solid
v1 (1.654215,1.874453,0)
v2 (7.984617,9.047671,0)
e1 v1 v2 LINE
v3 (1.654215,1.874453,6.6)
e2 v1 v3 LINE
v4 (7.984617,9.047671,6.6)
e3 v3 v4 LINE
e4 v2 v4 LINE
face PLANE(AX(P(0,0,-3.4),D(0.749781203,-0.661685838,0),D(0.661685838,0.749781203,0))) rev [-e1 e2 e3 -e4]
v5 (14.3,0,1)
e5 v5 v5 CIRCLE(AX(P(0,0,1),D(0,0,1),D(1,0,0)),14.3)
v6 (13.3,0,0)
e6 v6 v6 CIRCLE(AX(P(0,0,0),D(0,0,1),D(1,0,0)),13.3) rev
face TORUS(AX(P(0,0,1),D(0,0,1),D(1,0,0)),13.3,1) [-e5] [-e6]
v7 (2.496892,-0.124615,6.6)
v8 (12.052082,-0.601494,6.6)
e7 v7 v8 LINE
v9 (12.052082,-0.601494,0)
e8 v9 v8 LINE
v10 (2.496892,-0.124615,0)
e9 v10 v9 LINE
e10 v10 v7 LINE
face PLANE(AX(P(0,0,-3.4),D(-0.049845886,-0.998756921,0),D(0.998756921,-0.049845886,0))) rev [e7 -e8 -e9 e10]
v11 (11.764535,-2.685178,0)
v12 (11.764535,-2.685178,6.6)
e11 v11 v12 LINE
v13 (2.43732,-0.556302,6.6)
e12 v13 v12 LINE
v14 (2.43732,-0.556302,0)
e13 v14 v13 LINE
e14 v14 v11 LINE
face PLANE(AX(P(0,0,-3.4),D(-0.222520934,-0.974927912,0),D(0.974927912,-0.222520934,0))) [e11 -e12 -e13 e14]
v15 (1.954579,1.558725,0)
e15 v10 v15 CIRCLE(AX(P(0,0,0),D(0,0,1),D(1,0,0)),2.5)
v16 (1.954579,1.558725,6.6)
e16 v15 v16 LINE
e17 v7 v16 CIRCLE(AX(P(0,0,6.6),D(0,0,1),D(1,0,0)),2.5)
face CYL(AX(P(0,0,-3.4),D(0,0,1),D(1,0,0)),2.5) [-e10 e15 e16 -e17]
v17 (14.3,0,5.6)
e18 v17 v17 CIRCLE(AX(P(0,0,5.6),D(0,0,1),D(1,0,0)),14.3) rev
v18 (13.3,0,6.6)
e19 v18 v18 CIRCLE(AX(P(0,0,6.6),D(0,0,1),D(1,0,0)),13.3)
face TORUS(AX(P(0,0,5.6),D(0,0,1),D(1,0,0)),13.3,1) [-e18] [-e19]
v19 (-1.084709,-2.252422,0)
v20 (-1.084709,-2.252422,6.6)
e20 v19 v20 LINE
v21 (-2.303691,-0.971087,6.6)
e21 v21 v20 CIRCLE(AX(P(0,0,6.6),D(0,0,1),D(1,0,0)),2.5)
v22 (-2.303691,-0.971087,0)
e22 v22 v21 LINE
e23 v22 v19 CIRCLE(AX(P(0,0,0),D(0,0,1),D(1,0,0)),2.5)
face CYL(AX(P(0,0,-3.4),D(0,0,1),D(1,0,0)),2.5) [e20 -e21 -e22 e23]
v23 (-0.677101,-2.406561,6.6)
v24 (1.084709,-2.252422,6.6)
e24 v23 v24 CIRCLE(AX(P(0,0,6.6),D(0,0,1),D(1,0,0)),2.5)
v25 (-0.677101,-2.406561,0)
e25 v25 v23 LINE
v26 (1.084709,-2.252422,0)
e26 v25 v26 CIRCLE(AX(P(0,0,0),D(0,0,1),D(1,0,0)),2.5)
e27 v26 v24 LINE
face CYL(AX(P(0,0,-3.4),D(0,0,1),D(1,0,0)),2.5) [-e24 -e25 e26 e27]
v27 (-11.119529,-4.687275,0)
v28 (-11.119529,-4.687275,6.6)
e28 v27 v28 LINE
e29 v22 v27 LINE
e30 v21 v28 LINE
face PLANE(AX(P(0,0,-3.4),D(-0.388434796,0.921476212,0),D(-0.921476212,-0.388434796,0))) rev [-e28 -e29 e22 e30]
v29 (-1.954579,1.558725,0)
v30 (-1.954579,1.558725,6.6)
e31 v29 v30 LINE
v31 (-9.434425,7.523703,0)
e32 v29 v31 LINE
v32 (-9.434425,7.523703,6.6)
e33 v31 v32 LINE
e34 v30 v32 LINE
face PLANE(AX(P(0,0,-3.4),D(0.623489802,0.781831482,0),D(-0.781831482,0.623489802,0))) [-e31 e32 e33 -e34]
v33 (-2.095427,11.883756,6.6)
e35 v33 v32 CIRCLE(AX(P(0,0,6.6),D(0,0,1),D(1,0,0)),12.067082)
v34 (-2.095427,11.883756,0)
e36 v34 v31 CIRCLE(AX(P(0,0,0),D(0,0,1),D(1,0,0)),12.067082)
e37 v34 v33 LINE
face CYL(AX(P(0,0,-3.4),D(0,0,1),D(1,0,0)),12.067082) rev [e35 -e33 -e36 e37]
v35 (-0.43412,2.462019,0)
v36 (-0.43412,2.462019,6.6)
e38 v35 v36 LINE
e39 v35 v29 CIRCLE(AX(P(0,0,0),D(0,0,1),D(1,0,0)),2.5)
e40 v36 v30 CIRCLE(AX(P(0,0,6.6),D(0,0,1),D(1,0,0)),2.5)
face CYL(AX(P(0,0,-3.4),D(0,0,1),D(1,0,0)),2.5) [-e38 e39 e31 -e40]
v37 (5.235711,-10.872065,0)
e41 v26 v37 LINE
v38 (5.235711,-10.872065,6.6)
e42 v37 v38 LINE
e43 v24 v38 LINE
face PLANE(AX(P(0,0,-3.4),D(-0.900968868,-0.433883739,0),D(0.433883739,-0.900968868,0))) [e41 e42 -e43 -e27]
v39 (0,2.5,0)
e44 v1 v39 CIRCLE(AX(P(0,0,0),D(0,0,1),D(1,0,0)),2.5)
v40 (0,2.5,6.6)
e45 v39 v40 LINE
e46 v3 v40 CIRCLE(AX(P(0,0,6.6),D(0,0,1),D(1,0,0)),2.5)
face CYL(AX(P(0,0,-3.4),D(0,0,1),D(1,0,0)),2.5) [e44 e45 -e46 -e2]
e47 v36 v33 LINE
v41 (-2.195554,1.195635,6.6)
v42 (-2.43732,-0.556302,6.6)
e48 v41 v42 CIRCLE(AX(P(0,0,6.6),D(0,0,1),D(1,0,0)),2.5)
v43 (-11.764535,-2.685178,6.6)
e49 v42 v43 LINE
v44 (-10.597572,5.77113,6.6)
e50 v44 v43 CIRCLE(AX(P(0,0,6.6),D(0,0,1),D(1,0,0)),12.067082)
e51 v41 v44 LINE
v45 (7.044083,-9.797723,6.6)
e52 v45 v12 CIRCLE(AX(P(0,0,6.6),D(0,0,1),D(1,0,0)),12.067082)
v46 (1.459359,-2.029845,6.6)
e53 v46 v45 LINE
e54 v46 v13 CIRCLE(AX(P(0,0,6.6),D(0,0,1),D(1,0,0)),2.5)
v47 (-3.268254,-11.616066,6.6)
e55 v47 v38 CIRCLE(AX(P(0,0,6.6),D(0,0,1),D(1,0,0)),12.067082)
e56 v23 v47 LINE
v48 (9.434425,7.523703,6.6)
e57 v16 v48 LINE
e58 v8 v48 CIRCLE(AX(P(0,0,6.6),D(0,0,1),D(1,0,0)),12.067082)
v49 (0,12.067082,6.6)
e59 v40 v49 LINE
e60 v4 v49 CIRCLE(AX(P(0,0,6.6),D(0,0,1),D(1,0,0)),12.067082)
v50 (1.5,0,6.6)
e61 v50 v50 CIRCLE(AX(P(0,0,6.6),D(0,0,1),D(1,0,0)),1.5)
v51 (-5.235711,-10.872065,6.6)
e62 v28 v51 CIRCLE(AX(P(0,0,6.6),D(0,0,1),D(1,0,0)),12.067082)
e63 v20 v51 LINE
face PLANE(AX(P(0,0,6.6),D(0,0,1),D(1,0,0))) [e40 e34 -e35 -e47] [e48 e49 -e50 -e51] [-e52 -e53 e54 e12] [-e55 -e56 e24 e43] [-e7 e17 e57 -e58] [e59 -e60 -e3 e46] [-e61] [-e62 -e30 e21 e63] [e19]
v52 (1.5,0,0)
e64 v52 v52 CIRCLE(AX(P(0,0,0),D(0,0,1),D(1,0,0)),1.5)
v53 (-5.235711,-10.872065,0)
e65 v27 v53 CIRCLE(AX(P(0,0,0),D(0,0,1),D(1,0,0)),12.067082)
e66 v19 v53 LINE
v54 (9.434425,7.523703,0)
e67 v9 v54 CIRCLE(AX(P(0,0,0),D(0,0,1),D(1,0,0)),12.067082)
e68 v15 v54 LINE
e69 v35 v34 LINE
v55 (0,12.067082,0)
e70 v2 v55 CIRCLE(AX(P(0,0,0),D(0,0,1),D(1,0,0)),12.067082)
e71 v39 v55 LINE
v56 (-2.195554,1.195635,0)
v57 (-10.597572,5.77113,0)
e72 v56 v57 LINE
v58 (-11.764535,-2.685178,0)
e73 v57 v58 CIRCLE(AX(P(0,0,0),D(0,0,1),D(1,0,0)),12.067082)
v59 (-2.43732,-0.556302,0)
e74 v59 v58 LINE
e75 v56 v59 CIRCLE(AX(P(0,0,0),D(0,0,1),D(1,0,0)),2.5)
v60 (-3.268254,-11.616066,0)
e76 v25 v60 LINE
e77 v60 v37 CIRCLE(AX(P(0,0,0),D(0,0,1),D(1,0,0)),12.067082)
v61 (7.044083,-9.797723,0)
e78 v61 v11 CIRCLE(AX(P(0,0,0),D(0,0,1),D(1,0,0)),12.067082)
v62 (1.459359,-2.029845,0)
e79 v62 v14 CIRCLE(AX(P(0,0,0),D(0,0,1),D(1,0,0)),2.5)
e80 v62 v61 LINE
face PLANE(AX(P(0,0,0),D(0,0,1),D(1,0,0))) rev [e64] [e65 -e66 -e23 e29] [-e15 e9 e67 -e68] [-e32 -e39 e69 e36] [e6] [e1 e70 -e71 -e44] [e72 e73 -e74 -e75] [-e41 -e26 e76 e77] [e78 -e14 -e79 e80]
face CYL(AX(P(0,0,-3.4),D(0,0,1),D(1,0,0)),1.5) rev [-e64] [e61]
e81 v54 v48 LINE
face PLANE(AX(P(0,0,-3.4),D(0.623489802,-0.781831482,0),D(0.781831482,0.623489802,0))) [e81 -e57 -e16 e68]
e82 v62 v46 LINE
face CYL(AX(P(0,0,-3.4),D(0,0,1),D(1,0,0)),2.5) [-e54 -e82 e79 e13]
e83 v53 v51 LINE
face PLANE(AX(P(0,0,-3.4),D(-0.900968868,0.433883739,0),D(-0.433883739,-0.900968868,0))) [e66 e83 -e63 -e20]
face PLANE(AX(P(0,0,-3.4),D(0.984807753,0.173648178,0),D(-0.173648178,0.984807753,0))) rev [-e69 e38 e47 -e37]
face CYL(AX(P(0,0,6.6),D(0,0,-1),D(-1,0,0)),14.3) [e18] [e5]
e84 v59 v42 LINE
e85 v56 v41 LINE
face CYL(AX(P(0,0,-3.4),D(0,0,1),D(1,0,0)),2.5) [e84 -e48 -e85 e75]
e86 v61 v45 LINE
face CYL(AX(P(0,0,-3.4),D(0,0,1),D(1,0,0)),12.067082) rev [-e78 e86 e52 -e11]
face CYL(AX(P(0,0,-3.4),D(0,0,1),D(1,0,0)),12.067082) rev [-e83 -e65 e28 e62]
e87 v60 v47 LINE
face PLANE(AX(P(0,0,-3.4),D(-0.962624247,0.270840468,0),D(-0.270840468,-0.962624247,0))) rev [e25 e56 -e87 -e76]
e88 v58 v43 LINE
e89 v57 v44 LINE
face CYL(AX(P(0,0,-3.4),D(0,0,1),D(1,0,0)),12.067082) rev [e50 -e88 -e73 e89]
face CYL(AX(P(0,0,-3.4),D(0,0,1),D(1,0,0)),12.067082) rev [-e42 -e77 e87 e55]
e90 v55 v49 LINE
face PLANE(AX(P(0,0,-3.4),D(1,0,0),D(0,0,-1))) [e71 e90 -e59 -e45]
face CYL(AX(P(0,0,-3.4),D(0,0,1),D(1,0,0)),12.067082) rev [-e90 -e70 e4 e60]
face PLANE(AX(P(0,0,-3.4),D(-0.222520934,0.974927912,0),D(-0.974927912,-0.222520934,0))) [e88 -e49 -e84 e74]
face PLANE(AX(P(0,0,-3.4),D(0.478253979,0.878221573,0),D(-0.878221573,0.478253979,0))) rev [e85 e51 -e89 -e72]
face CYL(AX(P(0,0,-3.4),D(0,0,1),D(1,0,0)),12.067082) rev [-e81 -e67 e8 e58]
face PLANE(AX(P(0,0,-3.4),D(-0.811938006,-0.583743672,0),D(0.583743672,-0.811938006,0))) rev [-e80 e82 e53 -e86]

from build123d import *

# Parameters (mm, degrees)
SKETCH1_R           = 14.3
BOSS_EXTRUDE1_DEPTH = 6.6
FILLET1_R           = 1
FILLET2_R           = 1
CUT_EXTRUDE1_DEPTH  = 10
SKETCH3_R           = 1.5
CUT_EXTRUDE2_DEPTH  = 10


with BuildPart() as part:
    # Sketch1 → Boss-Extrude1 (new body)
    with BuildSketch(Plane.XY):
        Circle(SKETCH1_R)
    extrude(amount=BOSS_EXTRUDE1_DEPTH)

    # Fillet1
    fillet1_edges = [part.edges().sort_by_distance(p)[0] for p in [
        (-14.3, 0, 6.6),
    ]]
    fillet(fillet1_edges, radius=FILLET1_R)

    # Fillet2
    fillet2_edges = [part.edges().sort_by_distance(p)[0] for p in [
        (-14.3, 0, 0),
    ]]
    fillet(fillet2_edges, radius=FILLET2_R)

    # Sketch2 → Cut-Extrude1 (cut)
    with BuildSketch(Plane.XY.offset(6.6)):
        with BuildLine():
            ThreePointArc((-1.954578706, 1.558724505), (-1.276893228, 2.149312375), (-0.434120444, 2.462019383))
            Line((-0.434120444, 2.462019383), (-2.095426853, 11.883756218))
            ThreePointArc((-2.095426853, 11.883756218), (-6.163350277, 10.374371736), (-9.434424854, 7.52370276))
            Line((-9.434424854, 7.52370276), (-1.954578706, 1.558724505))
        make_face()
        with BuildLine():
            ThreePointArc((-2.43731978, -0.556302335), (-2.476529986, 0.341759021), (-2.195553933, 1.195634947))
            Line((-2.195553933, 1.195634947), (-10.597572015, 5.771130126))
            ThreePointArc((-10.597572015, 5.771130126), (-11.953796477, 1.649613694), (-11.764535365, -2.685178426))
            Line((-11.764535365, -2.685178426), (-2.43731978, -0.556302335))
        make_face()
        with BuildLine():
            ThreePointArc((-1.084709348, -2.25242217), (-1.811289152, -1.723145846), (-2.30369053, -0.971086991))
            Line((-2.30369053, -0.971086991), (-11.119529298, -4.68727466))
            ThreePointArc((-11.119529298, -4.68727466), (-8.742790117, -8.317337105), (-5.235710794, -10.87206549))
            Line((-5.235710794, -10.87206549), (-1.084709348, -2.25242217))
        make_face()
        with BuildLine():
            Line((5.235710794, -10.87206549), (1.084709348, -2.25242217))
            ThreePointArc((1.084709348, -2.25242217), (0.217889357, -2.490486745), (-0.67710117, -2.406560617))
            Line((-0.67710117, -2.406560617), (-3.268254223, -11.616066024))
            ThreePointArc((-3.268254223, -11.616066024), (1.051715522, -12.021163422), (5.235710794, -10.87206549))
        make_face()
        with BuildLine():
            Line((11.764535365, -2.685178426), (2.43731978, -0.556302335))
            ThreePointArc((2.43731978, -0.556302335), (2.082992736, -1.382440328), (1.459359181, -2.029845014))
            Line((1.459359181, -2.029845014), (7.044082942, -9.797722748))
            ThreePointArc((7.044082942, -9.797722748), (10.054257921, -6.672808494), (11.764535365, -2.685178426))
        make_face()
        with BuildLine():
            Line((9.434424854, 7.52370276), (1.954578706, 1.558724505))
            ThreePointArc((1.954578706, 1.558724505), (2.359708326, 0.825697655), (2.5, 0))
            ThreePointArc((2.5, 0), (2.499222955, -0.062326729), (2.496892303, -0.124614714))
            Line((2.496892303, -0.124614714), (12.052081979, -0.601494405))
            ThreePointArc((12.052081979, -0.601494405), (12.063331646, -0.300840709), (12.067082313, 0))
            ThreePointArc((12.067082313, 0), (11.389917841, 3.985504627), (9.434424854, 7.52370276))
        make_face()
        with BuildLine():
            Line((0, 12.067082313), (0, 2.5))
            ThreePointArc((0, 2.5), (0.884270174, 2.338389672), (1.654214594, 1.874453007))
            Line((1.654214594, 1.874453007), (7.984617468, 9.047671493))
            ThreePointArc((7.984617468, 9.047671493), (4.268224391, 11.287016262), (0, 12.067082313))
        make_face()
    extrude(amount=-CUT_EXTRUDE1_DEPTH, mode=Mode.SUBTRACT)

    # Sketch3 → Cut-Extrude2 (cut)
    with BuildSketch(Plane.XY.offset(6.6)):
        Circle(SKETCH3_R)
    extrude(amount=-CUT_EXTRUDE2_DEPTH, mode=Mode.SUBTRACT)


solid = part.part
